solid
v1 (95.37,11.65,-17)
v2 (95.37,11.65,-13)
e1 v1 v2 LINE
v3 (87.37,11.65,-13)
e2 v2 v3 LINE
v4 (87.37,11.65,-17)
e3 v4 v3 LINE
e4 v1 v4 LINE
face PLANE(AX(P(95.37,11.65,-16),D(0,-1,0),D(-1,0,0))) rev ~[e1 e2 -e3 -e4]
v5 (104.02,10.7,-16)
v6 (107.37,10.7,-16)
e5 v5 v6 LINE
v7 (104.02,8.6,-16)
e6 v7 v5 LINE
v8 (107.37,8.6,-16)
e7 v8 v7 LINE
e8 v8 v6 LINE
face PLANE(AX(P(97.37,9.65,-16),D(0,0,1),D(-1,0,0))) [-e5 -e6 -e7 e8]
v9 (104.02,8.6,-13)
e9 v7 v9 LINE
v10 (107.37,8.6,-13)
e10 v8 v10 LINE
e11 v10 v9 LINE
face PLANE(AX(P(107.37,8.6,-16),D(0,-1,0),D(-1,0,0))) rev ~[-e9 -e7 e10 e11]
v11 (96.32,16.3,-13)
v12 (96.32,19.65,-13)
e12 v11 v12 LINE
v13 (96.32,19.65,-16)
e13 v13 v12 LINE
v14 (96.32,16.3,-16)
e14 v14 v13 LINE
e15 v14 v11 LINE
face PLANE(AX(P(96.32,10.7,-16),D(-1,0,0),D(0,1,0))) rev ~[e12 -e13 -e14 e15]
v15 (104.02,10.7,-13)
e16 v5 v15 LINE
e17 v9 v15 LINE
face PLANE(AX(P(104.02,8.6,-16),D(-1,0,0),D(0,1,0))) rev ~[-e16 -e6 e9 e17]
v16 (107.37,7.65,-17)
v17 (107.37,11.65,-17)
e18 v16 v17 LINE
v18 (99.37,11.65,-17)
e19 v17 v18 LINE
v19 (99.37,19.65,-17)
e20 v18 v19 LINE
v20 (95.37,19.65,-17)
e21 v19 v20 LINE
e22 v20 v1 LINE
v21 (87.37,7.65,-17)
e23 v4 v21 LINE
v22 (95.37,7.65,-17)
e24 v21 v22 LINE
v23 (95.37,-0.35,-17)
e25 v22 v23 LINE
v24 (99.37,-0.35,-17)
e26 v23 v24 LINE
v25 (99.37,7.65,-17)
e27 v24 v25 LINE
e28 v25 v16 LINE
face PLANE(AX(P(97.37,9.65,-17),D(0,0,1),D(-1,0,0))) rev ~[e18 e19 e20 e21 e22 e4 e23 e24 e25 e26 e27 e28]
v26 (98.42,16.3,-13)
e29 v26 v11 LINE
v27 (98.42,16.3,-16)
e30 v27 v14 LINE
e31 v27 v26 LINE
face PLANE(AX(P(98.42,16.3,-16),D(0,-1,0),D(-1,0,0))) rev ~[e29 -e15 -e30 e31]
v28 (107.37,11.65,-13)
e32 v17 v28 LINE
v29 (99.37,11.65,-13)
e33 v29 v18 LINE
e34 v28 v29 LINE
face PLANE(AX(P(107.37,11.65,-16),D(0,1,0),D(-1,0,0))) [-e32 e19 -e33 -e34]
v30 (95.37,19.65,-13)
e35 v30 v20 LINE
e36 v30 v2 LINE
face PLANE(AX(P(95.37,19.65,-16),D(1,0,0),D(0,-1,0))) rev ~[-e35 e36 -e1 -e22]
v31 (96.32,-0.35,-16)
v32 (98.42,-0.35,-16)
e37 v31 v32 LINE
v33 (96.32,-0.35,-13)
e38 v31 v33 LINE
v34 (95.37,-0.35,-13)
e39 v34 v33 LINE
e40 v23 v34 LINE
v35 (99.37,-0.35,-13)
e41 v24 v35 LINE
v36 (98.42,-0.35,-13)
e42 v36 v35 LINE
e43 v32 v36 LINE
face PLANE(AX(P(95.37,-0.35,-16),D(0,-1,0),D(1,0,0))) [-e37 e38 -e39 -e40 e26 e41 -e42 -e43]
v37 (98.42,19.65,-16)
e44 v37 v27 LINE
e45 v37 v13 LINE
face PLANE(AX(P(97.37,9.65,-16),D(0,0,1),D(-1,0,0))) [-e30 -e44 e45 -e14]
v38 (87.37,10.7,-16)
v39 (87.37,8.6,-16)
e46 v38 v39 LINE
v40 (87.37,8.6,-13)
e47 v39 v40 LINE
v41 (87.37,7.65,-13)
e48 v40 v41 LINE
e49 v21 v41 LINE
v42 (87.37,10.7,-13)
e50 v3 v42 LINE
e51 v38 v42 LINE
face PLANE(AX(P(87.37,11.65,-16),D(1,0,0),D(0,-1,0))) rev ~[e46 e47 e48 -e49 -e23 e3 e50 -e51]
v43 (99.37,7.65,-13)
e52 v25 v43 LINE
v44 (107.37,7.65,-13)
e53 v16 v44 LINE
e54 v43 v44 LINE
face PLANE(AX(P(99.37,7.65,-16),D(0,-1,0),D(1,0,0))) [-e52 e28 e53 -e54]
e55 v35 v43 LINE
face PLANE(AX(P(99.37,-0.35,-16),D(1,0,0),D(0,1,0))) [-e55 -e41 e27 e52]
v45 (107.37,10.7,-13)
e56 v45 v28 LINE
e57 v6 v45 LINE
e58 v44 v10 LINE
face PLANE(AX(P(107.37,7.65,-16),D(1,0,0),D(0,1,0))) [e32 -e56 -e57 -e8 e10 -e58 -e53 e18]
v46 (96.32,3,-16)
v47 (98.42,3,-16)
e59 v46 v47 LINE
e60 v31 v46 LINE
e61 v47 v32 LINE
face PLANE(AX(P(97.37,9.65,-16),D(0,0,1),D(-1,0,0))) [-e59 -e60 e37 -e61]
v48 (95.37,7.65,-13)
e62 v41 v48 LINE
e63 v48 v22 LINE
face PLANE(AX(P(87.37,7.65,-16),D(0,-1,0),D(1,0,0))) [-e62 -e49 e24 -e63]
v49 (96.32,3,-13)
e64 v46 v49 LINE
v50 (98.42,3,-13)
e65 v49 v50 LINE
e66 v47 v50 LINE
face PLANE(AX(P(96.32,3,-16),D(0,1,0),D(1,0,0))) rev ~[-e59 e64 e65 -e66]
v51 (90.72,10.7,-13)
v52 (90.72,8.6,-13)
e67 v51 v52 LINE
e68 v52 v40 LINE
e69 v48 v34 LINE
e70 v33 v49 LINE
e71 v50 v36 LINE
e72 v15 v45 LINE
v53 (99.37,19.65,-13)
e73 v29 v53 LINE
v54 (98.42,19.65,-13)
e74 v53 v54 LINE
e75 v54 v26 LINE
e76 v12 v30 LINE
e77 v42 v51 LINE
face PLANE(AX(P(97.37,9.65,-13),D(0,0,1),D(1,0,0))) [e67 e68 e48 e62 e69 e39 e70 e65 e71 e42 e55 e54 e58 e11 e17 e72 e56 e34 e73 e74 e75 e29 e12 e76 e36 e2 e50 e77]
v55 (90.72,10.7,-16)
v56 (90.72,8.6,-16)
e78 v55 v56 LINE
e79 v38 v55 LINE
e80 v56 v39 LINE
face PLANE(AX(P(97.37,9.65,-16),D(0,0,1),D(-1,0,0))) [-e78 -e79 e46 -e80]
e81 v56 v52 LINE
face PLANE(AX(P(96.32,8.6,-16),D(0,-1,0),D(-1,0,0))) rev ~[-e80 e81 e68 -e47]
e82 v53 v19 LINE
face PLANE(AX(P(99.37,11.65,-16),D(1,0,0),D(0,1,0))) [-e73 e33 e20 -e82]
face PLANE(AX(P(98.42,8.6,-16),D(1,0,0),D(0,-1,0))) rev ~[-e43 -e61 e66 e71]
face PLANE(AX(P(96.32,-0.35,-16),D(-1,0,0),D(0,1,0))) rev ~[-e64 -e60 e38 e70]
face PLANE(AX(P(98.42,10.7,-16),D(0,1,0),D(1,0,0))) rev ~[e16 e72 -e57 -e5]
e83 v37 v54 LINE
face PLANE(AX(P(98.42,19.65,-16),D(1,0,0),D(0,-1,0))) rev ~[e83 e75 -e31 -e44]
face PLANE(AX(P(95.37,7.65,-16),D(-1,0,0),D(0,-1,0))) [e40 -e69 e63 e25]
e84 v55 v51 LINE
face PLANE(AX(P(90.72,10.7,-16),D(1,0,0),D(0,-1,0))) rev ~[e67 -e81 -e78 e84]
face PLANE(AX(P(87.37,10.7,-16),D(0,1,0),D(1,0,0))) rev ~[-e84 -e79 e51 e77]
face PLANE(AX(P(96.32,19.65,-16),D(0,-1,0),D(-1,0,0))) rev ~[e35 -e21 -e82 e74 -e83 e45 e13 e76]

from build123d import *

# Parameters (mm, degrees)
PAD322_DEPTH            = 1
PAD323_DEPTH            = 3
PAD324_DEPTH            = 3
BODY054_PLACEMENT_ANGLE = 180


with BuildPart() as part:
    # Sketch479 → Pad322 (new body)
    with BuildSketch(Plane.XY.offset(-28)):
        Polygon((-2, 2), (-2, 10), (2, 10), (2, 2), (10, 2), (10, -2), (2, -2), (2, -10), (-2, -10), (-2, -2), (-10, -2), (-10, 2), align=None)
    extrude(amount=PAD322_DEPTH)

    # Sketch480 (on Face13 of Pad322) → Pad323 (join)
    with BuildSketch(Plane(origin=(0, 0, -28), x_dir=(1, 0, 0), z_dir=(0, 0, -1))):
        Polygon((-2, 10), (-2, 2), (-10, 2), (-10, 1.05), (-1.05, 1.05), (-1.05, 10), align=None)
        Polygon((-10, -2), (-2, -2), (-2, -10), (-1.05, -10), (-1.05, -1.05), (-10, -1.05), align=None)
        Polygon((2, -10), (2, -2), (10, -2), (10, -1.05), (1.05, -1.05), (1.05, -10), align=None)
        Polygon((10, 2), (2, 2), (2, 10), (1.05, 10), (1.05, 1.05), (10, 1.05), align=None)
    extrude(amount=PAD323_DEPTH)

    # Sketch481 (on Face3 of Pad323) → Pad324 (join)
    with BuildSketch(Plane(origin=(0, 0, -28), x_dir=(1, 0, 0), z_dir=(0, 0, -1))):
        Polygon((-6.65, 1.05), (-6.65, -1.05), (-1.05, -1.05), (-1.05, -6.65), (1.05, -6.65), (1.05, -1.05), (6.65, -1.05), (6.65, 1.05), (1.05, 1.05), (1.05, 6.65), (-1.05, 6.65), (-1.05, 1.05), align=None)
    extrude(amount=PAD324_DEPTH)


with BuildPart() as part_1:
    # Body054 placement: moved
    add(part.part.moved(Location((97.37, 9.65, -44))).rotate(Axis((97.37, 9.65, -44), (1, 0, 0)), BODY054_PLACEMENT_ANGLE))


solid = part_1.part
